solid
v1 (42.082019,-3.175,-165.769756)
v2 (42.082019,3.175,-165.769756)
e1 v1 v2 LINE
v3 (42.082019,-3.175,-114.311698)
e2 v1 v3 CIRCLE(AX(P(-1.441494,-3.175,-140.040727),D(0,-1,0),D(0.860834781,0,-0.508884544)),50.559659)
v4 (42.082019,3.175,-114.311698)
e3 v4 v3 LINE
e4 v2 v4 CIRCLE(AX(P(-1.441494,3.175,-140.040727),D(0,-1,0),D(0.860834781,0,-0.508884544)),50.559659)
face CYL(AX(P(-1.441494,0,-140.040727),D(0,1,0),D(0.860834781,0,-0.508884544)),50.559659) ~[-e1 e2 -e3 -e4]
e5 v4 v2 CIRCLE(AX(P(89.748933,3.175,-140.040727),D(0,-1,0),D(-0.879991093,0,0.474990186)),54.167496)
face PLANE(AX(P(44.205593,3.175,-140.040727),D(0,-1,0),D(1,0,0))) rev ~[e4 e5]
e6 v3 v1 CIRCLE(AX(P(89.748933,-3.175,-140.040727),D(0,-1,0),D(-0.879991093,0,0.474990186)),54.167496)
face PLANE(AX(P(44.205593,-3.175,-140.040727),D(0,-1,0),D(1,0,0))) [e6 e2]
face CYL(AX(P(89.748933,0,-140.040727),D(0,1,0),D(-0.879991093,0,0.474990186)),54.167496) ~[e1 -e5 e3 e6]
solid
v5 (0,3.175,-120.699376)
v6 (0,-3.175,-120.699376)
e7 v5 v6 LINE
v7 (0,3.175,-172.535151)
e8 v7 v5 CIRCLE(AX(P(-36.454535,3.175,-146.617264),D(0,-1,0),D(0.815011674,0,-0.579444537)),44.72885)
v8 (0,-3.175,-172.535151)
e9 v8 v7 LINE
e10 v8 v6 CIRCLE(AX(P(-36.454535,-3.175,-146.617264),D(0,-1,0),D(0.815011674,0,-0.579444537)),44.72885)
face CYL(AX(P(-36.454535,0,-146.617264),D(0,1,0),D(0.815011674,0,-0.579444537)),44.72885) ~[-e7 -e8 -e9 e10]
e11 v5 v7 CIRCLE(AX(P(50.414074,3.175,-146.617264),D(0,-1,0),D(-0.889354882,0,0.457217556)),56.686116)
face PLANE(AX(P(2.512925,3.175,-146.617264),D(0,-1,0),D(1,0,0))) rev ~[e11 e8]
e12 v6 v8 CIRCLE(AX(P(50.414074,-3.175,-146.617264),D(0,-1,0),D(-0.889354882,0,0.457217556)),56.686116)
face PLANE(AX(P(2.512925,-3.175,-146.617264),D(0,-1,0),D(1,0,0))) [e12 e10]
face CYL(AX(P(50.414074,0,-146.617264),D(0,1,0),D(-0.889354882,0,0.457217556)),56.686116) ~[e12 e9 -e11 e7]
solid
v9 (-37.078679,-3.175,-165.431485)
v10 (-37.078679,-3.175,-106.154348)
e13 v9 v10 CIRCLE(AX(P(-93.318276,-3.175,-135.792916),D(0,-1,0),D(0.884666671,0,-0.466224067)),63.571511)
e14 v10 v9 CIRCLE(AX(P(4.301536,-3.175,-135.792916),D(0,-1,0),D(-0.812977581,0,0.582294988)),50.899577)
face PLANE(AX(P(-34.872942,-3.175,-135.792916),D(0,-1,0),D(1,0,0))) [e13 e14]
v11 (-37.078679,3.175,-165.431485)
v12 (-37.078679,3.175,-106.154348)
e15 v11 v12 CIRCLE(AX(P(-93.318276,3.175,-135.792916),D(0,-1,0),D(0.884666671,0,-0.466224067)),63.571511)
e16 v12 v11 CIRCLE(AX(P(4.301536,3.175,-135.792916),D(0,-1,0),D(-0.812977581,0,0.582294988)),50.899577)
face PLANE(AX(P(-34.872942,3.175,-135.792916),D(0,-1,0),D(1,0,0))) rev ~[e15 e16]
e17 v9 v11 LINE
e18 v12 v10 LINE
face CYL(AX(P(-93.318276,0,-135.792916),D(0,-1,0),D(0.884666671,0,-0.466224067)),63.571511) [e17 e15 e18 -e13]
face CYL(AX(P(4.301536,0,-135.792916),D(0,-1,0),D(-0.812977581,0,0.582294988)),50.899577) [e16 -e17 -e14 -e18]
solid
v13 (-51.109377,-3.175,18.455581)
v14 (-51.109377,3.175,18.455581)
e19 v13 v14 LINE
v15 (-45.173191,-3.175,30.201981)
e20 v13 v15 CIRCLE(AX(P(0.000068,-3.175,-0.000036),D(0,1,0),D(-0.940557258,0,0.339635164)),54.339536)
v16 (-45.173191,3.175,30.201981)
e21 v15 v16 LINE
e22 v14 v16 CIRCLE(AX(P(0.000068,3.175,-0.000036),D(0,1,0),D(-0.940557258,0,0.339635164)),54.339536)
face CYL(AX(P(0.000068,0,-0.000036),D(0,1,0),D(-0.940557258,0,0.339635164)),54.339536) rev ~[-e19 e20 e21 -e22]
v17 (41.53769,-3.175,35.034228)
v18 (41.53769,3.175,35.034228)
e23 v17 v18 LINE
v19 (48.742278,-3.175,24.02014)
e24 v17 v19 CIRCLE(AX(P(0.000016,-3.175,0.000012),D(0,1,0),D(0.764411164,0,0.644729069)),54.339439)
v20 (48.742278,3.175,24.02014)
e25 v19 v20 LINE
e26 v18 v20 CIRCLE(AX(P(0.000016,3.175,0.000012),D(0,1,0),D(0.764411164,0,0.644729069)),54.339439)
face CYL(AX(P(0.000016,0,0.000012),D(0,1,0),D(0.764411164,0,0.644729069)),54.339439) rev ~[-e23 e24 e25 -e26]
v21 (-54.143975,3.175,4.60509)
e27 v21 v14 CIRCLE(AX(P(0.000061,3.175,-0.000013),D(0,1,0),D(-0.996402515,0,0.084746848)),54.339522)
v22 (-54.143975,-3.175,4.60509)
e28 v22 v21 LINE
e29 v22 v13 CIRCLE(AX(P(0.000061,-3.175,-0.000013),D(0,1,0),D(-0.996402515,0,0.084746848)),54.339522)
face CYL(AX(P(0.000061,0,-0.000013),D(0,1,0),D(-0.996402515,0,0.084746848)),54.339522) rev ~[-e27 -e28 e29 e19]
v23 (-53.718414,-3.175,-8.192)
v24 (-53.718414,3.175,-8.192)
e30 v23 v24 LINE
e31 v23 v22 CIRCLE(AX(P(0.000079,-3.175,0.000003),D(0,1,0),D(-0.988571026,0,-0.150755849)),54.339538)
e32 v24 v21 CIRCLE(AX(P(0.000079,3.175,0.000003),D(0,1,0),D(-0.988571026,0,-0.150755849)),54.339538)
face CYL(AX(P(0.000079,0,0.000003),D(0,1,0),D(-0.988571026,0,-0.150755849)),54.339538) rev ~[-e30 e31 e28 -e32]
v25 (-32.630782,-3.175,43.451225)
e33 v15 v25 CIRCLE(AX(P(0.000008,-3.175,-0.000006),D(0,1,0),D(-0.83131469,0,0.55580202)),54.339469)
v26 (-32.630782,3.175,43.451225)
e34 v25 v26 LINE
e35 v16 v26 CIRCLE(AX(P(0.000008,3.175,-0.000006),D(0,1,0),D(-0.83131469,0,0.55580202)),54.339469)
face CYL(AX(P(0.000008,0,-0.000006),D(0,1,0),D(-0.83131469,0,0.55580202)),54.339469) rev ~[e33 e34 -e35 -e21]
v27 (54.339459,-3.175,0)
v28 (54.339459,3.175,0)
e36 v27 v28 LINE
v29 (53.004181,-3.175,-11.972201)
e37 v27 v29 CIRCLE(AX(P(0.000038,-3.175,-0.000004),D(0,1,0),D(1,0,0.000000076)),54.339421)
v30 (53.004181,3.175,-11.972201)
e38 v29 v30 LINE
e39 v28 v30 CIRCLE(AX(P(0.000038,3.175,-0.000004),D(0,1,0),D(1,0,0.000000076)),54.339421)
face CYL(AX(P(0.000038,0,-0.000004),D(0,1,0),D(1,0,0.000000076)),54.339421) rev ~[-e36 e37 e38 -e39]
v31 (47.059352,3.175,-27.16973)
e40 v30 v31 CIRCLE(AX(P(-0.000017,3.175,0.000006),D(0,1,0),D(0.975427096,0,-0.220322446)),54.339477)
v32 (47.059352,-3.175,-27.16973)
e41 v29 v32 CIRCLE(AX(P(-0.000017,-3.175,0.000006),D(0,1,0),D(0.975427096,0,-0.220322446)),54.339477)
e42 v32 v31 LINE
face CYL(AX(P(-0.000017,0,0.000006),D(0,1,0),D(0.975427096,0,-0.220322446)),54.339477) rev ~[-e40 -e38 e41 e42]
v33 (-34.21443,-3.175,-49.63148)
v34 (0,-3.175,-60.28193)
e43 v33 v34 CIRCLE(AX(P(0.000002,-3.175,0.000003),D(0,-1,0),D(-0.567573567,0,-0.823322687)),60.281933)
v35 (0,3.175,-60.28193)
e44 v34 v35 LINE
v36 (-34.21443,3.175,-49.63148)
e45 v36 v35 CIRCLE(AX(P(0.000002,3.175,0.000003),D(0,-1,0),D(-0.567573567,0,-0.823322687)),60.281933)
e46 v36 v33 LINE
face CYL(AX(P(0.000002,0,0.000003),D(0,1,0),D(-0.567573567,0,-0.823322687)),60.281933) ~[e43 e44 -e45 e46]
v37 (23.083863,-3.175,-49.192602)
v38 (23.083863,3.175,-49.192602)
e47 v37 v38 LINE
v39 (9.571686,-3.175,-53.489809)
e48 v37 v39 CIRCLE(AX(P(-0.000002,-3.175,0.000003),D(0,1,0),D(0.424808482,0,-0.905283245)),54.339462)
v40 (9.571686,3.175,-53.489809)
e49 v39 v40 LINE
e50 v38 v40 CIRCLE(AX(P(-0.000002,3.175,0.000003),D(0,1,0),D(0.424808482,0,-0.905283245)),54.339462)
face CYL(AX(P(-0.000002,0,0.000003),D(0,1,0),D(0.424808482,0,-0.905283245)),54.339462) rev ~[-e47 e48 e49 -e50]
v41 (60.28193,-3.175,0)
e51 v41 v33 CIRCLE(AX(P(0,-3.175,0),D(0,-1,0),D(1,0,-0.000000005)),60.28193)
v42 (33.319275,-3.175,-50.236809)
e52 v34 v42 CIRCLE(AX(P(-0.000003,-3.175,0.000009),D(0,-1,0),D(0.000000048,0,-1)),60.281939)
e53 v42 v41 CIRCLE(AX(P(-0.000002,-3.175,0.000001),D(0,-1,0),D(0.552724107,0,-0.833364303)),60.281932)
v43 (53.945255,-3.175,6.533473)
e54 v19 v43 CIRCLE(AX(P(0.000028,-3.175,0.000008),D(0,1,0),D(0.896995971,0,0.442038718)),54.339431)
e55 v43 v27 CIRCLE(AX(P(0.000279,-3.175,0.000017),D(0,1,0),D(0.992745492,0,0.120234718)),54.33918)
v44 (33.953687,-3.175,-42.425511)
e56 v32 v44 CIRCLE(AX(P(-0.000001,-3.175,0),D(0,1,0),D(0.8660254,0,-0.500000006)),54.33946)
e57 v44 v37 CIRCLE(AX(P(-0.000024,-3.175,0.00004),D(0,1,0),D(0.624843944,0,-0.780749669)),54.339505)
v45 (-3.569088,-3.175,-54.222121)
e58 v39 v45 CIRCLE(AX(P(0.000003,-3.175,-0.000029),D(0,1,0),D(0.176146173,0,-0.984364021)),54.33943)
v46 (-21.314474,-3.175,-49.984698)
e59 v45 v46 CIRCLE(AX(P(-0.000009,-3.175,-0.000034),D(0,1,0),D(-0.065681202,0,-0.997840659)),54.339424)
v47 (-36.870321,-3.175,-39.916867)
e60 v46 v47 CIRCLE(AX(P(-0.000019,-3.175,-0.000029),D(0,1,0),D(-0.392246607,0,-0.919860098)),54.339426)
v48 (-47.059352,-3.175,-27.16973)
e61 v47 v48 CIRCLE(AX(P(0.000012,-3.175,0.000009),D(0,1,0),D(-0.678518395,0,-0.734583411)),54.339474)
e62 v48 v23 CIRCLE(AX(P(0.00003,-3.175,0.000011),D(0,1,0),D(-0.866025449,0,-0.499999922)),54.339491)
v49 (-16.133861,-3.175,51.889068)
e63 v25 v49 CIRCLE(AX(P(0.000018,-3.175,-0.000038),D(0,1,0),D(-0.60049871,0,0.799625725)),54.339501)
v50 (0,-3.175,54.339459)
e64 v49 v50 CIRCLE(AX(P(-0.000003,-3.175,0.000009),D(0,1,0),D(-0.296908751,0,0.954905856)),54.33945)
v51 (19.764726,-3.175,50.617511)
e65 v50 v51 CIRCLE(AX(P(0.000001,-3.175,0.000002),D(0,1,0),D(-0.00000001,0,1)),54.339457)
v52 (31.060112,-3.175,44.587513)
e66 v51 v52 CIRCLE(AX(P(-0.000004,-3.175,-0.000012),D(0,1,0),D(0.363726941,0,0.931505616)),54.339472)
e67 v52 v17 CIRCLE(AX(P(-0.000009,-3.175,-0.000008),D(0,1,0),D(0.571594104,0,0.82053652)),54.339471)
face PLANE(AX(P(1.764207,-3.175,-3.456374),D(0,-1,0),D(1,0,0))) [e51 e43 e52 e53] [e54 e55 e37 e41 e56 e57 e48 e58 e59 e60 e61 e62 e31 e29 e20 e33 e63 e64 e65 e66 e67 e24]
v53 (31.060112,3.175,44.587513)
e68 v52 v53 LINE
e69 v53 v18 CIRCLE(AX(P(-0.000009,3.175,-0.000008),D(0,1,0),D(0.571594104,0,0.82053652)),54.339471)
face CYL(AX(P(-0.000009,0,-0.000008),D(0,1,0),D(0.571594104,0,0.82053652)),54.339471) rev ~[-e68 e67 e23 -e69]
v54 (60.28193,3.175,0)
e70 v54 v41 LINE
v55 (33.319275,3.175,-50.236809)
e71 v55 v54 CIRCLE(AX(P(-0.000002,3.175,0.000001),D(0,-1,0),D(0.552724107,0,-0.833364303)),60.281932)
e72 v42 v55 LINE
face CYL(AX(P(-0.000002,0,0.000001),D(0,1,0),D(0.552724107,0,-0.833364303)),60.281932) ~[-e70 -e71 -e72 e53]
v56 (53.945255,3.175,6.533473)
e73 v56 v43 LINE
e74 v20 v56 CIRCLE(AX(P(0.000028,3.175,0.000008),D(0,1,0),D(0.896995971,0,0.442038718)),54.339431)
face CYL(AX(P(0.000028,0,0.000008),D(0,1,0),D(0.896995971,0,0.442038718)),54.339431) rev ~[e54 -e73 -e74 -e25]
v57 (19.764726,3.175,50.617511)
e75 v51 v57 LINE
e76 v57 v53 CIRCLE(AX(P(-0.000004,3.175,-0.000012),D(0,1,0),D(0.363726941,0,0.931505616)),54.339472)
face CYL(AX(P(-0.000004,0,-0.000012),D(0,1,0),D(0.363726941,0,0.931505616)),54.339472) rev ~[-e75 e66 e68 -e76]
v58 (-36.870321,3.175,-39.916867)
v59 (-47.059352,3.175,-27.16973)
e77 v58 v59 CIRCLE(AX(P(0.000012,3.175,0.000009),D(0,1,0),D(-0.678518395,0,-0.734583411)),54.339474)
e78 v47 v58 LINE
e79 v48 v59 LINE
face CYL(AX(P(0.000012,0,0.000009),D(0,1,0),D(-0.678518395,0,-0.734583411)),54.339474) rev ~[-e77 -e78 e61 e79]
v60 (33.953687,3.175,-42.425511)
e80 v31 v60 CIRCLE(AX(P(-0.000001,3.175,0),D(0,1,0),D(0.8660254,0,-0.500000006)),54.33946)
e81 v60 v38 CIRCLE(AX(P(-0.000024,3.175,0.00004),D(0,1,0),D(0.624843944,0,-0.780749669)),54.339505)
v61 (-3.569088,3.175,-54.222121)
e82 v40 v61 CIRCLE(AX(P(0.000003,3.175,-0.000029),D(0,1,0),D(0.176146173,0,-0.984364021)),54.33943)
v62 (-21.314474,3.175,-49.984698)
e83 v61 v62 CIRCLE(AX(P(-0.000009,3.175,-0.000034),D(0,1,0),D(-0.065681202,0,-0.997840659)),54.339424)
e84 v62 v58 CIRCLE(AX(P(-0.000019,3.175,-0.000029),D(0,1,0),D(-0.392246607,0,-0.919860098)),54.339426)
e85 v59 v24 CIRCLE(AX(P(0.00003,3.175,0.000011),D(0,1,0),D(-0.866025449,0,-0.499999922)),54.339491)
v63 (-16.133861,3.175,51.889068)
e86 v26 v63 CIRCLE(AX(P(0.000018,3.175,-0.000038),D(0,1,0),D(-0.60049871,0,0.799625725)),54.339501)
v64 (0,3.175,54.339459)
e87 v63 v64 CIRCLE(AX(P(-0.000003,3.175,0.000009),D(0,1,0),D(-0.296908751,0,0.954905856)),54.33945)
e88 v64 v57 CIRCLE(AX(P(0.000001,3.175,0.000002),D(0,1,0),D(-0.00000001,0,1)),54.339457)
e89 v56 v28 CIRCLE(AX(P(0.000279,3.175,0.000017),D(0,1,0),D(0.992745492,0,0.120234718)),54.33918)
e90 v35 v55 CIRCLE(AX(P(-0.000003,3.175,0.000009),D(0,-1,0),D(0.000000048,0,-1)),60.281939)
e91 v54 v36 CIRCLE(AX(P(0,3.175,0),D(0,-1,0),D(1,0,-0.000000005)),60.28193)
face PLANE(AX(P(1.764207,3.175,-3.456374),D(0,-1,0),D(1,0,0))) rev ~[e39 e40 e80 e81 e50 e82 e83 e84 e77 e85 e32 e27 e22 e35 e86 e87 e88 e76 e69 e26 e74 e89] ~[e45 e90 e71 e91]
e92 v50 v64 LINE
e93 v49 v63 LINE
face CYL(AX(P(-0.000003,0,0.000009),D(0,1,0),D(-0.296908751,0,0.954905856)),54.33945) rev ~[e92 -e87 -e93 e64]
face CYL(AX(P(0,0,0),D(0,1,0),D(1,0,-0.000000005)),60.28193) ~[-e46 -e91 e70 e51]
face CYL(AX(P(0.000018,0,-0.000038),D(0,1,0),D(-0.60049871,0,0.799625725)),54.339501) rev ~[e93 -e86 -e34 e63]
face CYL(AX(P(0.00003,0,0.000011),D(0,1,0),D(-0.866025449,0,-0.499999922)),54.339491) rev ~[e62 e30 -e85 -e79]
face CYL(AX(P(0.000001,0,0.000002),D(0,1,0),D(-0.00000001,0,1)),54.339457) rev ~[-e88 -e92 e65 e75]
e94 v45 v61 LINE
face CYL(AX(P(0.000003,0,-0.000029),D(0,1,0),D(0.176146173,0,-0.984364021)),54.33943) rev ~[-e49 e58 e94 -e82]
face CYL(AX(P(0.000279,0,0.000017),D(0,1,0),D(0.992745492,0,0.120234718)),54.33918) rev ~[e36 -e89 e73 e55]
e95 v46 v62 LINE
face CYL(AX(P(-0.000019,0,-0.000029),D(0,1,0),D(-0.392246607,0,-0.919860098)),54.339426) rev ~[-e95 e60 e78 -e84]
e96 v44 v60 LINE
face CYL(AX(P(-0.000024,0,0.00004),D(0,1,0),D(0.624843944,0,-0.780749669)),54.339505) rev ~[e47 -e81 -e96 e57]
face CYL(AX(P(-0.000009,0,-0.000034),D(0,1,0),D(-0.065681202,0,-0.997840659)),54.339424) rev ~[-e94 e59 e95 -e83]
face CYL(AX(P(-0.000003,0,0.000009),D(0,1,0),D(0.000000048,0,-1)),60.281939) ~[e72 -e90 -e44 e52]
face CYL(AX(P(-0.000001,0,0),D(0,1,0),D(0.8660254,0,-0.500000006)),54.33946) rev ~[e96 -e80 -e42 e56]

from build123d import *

# Parameters (mm, degrees)
F1_DEPTH = 3.175


with BuildPart() as f1:
    # F0 (on Front) → F1 (new body, symmetric)
    with BuildSketch(Plane.XZ):
        with BuildLine():
            ThreePointArc((33.319275, -50.236809), (53.115258, -28.50755), (60.28193, 0))
            ThreePointArc((60.28193, 0), (-28.030333, 53.368638), (-34.21443, -49.63148))
            ThreePointArc((-34.21443, -49.63148), (-17.916887, -57.557764), (0, -60.28193))
            ThreePointArc((0, -60.28193), (17.400277, -57.716041), (33.319275, -50.236809))
        make_face()
        with BuildLine():
            ThreePointArc((53.945255, 6.533473), (54.240819, 3.272677), (54.339459, 0))
            ThreePointArc((54.339459, 0), (54.004608, -6.023217), (53.004181, -11.972201))
            ThreePointArc((53.004181, -11.972201), (50.605522, -19.795402), (47.059352, -27.16973))
            ThreePointArc((47.059352, -27.16973), (41.218477, -35.409236), (33.953687, -42.425511))
            ThreePointArc((33.953687, -42.425511), (28.71879, -46.130336), (23.083863, -49.192602))
            ThreePointArc((23.083863, -49.192602), (16.468537, -51.783821), (9.571686, -53.489809))
            ThreePointArc((9.571686, -53.489809), (3.023552, -54.255276), (-3.569088, -54.222121))
            ThreePointArc((-3.569088, -54.222121), (-12.620889, -52.853477), (-21.314474, -49.984698))
            ThreePointArc((-21.314474, -49.984698), (-29.5247, -45.618735), (-36.870321, -39.916867))
            ThreePointArc((-36.870321, -39.916867), (-42.446082, -33.927967), (-47.059352, -27.16973))
            ThreePointArc((-47.059352, -27.16973), (-51.274536, -17.99163), (-53.718414, -8.192))
            ThreePointArc((-53.718414, -8.192), (-54.309438, -1.806034), (-54.143975, 4.60509))
            ThreePointArc((-54.143975, 4.60509), (-53.080373, 11.629739), (-51.109377, 18.455581))
            ThreePointArc((-51.109377, 18.455581), (-48.498223, 24.509165), (-45.173191, 30.201981))
            ThreePointArc((-45.173191, 30.201981), (-39.462009, 37.356749), (-32.630782, 43.451225))
            ThreePointArc((-32.630782, 43.451225), (-24.744633, 48.378507), (-16.133861, 51.889068))
            ThreePointArc((-16.133861, 51.889068), (-8.15944, 53.723369), (0, 54.339459))
            ThreePointArc((0, 54.339459), (10.056059, 53.400866), (19.764726, 50.617511))
            ThreePointArc((19.764726, 50.617511), (25.590648, 47.93637), (31.060112, 44.587513))
            ThreePointArc((31.060112, 44.587513), (36.611836, 40.154082), (41.53769, 35.034228))
            ThreePointArc((41.53769, 35.034228), (45.474671, 29.746111), (48.742278, 24.02014))
            ThreePointArc((48.742278, 24.02014), (52.082898, 15.496728), (53.945255, 6.533473))
        make_face(mode=Mode.SUBTRACT)
        with BuildLine():
            ThreePointArc((42.082019, -165.769756), (49.118165, -140.040727), (42.082019, -114.311698))
            Line((42.082019, -114.311698), (42.082019, -165.769756))
        make_face()
        with BuildLine():
            Line((42.082019, -165.769756), (42.082019, -114.311698))
            ThreePointArc((42.082019, -114.311698), (35.581437, -140.040727), (42.082019, -165.769756))
        make_face()
        with BuildLine():
            ThreePointArc((0, -172.535151), (8.274315, -146.617264), (0, -120.699376))
            Line((0, -120.699376), (0, -172.535151))
        make_face()
        with BuildLine():
            Line((0, -172.535151), (0, -120.699376))
            ThreePointArc((0, -120.699376), (-6.272042, -146.617264), (0, -172.535151))
        make_face()
        with BuildLine():
            ThreePointArc((-37.078679, -165.431485), (-29.746765, -135.792916), (-37.078679, -106.154348))
            Line((-37.078679, -106.154348), (-37.078679, -165.431485))
        make_face()
        with BuildLine():
            Line((-37.078679, -165.431485), (-37.078679, -106.154348))
            ThreePointArc((-37.078679, -106.154348), (-46.598041, -135.792916), (-37.078679, -165.431485))
        make_face()
    extrude(amount=F1_DEPTH, both=True)


solid = f1.part
